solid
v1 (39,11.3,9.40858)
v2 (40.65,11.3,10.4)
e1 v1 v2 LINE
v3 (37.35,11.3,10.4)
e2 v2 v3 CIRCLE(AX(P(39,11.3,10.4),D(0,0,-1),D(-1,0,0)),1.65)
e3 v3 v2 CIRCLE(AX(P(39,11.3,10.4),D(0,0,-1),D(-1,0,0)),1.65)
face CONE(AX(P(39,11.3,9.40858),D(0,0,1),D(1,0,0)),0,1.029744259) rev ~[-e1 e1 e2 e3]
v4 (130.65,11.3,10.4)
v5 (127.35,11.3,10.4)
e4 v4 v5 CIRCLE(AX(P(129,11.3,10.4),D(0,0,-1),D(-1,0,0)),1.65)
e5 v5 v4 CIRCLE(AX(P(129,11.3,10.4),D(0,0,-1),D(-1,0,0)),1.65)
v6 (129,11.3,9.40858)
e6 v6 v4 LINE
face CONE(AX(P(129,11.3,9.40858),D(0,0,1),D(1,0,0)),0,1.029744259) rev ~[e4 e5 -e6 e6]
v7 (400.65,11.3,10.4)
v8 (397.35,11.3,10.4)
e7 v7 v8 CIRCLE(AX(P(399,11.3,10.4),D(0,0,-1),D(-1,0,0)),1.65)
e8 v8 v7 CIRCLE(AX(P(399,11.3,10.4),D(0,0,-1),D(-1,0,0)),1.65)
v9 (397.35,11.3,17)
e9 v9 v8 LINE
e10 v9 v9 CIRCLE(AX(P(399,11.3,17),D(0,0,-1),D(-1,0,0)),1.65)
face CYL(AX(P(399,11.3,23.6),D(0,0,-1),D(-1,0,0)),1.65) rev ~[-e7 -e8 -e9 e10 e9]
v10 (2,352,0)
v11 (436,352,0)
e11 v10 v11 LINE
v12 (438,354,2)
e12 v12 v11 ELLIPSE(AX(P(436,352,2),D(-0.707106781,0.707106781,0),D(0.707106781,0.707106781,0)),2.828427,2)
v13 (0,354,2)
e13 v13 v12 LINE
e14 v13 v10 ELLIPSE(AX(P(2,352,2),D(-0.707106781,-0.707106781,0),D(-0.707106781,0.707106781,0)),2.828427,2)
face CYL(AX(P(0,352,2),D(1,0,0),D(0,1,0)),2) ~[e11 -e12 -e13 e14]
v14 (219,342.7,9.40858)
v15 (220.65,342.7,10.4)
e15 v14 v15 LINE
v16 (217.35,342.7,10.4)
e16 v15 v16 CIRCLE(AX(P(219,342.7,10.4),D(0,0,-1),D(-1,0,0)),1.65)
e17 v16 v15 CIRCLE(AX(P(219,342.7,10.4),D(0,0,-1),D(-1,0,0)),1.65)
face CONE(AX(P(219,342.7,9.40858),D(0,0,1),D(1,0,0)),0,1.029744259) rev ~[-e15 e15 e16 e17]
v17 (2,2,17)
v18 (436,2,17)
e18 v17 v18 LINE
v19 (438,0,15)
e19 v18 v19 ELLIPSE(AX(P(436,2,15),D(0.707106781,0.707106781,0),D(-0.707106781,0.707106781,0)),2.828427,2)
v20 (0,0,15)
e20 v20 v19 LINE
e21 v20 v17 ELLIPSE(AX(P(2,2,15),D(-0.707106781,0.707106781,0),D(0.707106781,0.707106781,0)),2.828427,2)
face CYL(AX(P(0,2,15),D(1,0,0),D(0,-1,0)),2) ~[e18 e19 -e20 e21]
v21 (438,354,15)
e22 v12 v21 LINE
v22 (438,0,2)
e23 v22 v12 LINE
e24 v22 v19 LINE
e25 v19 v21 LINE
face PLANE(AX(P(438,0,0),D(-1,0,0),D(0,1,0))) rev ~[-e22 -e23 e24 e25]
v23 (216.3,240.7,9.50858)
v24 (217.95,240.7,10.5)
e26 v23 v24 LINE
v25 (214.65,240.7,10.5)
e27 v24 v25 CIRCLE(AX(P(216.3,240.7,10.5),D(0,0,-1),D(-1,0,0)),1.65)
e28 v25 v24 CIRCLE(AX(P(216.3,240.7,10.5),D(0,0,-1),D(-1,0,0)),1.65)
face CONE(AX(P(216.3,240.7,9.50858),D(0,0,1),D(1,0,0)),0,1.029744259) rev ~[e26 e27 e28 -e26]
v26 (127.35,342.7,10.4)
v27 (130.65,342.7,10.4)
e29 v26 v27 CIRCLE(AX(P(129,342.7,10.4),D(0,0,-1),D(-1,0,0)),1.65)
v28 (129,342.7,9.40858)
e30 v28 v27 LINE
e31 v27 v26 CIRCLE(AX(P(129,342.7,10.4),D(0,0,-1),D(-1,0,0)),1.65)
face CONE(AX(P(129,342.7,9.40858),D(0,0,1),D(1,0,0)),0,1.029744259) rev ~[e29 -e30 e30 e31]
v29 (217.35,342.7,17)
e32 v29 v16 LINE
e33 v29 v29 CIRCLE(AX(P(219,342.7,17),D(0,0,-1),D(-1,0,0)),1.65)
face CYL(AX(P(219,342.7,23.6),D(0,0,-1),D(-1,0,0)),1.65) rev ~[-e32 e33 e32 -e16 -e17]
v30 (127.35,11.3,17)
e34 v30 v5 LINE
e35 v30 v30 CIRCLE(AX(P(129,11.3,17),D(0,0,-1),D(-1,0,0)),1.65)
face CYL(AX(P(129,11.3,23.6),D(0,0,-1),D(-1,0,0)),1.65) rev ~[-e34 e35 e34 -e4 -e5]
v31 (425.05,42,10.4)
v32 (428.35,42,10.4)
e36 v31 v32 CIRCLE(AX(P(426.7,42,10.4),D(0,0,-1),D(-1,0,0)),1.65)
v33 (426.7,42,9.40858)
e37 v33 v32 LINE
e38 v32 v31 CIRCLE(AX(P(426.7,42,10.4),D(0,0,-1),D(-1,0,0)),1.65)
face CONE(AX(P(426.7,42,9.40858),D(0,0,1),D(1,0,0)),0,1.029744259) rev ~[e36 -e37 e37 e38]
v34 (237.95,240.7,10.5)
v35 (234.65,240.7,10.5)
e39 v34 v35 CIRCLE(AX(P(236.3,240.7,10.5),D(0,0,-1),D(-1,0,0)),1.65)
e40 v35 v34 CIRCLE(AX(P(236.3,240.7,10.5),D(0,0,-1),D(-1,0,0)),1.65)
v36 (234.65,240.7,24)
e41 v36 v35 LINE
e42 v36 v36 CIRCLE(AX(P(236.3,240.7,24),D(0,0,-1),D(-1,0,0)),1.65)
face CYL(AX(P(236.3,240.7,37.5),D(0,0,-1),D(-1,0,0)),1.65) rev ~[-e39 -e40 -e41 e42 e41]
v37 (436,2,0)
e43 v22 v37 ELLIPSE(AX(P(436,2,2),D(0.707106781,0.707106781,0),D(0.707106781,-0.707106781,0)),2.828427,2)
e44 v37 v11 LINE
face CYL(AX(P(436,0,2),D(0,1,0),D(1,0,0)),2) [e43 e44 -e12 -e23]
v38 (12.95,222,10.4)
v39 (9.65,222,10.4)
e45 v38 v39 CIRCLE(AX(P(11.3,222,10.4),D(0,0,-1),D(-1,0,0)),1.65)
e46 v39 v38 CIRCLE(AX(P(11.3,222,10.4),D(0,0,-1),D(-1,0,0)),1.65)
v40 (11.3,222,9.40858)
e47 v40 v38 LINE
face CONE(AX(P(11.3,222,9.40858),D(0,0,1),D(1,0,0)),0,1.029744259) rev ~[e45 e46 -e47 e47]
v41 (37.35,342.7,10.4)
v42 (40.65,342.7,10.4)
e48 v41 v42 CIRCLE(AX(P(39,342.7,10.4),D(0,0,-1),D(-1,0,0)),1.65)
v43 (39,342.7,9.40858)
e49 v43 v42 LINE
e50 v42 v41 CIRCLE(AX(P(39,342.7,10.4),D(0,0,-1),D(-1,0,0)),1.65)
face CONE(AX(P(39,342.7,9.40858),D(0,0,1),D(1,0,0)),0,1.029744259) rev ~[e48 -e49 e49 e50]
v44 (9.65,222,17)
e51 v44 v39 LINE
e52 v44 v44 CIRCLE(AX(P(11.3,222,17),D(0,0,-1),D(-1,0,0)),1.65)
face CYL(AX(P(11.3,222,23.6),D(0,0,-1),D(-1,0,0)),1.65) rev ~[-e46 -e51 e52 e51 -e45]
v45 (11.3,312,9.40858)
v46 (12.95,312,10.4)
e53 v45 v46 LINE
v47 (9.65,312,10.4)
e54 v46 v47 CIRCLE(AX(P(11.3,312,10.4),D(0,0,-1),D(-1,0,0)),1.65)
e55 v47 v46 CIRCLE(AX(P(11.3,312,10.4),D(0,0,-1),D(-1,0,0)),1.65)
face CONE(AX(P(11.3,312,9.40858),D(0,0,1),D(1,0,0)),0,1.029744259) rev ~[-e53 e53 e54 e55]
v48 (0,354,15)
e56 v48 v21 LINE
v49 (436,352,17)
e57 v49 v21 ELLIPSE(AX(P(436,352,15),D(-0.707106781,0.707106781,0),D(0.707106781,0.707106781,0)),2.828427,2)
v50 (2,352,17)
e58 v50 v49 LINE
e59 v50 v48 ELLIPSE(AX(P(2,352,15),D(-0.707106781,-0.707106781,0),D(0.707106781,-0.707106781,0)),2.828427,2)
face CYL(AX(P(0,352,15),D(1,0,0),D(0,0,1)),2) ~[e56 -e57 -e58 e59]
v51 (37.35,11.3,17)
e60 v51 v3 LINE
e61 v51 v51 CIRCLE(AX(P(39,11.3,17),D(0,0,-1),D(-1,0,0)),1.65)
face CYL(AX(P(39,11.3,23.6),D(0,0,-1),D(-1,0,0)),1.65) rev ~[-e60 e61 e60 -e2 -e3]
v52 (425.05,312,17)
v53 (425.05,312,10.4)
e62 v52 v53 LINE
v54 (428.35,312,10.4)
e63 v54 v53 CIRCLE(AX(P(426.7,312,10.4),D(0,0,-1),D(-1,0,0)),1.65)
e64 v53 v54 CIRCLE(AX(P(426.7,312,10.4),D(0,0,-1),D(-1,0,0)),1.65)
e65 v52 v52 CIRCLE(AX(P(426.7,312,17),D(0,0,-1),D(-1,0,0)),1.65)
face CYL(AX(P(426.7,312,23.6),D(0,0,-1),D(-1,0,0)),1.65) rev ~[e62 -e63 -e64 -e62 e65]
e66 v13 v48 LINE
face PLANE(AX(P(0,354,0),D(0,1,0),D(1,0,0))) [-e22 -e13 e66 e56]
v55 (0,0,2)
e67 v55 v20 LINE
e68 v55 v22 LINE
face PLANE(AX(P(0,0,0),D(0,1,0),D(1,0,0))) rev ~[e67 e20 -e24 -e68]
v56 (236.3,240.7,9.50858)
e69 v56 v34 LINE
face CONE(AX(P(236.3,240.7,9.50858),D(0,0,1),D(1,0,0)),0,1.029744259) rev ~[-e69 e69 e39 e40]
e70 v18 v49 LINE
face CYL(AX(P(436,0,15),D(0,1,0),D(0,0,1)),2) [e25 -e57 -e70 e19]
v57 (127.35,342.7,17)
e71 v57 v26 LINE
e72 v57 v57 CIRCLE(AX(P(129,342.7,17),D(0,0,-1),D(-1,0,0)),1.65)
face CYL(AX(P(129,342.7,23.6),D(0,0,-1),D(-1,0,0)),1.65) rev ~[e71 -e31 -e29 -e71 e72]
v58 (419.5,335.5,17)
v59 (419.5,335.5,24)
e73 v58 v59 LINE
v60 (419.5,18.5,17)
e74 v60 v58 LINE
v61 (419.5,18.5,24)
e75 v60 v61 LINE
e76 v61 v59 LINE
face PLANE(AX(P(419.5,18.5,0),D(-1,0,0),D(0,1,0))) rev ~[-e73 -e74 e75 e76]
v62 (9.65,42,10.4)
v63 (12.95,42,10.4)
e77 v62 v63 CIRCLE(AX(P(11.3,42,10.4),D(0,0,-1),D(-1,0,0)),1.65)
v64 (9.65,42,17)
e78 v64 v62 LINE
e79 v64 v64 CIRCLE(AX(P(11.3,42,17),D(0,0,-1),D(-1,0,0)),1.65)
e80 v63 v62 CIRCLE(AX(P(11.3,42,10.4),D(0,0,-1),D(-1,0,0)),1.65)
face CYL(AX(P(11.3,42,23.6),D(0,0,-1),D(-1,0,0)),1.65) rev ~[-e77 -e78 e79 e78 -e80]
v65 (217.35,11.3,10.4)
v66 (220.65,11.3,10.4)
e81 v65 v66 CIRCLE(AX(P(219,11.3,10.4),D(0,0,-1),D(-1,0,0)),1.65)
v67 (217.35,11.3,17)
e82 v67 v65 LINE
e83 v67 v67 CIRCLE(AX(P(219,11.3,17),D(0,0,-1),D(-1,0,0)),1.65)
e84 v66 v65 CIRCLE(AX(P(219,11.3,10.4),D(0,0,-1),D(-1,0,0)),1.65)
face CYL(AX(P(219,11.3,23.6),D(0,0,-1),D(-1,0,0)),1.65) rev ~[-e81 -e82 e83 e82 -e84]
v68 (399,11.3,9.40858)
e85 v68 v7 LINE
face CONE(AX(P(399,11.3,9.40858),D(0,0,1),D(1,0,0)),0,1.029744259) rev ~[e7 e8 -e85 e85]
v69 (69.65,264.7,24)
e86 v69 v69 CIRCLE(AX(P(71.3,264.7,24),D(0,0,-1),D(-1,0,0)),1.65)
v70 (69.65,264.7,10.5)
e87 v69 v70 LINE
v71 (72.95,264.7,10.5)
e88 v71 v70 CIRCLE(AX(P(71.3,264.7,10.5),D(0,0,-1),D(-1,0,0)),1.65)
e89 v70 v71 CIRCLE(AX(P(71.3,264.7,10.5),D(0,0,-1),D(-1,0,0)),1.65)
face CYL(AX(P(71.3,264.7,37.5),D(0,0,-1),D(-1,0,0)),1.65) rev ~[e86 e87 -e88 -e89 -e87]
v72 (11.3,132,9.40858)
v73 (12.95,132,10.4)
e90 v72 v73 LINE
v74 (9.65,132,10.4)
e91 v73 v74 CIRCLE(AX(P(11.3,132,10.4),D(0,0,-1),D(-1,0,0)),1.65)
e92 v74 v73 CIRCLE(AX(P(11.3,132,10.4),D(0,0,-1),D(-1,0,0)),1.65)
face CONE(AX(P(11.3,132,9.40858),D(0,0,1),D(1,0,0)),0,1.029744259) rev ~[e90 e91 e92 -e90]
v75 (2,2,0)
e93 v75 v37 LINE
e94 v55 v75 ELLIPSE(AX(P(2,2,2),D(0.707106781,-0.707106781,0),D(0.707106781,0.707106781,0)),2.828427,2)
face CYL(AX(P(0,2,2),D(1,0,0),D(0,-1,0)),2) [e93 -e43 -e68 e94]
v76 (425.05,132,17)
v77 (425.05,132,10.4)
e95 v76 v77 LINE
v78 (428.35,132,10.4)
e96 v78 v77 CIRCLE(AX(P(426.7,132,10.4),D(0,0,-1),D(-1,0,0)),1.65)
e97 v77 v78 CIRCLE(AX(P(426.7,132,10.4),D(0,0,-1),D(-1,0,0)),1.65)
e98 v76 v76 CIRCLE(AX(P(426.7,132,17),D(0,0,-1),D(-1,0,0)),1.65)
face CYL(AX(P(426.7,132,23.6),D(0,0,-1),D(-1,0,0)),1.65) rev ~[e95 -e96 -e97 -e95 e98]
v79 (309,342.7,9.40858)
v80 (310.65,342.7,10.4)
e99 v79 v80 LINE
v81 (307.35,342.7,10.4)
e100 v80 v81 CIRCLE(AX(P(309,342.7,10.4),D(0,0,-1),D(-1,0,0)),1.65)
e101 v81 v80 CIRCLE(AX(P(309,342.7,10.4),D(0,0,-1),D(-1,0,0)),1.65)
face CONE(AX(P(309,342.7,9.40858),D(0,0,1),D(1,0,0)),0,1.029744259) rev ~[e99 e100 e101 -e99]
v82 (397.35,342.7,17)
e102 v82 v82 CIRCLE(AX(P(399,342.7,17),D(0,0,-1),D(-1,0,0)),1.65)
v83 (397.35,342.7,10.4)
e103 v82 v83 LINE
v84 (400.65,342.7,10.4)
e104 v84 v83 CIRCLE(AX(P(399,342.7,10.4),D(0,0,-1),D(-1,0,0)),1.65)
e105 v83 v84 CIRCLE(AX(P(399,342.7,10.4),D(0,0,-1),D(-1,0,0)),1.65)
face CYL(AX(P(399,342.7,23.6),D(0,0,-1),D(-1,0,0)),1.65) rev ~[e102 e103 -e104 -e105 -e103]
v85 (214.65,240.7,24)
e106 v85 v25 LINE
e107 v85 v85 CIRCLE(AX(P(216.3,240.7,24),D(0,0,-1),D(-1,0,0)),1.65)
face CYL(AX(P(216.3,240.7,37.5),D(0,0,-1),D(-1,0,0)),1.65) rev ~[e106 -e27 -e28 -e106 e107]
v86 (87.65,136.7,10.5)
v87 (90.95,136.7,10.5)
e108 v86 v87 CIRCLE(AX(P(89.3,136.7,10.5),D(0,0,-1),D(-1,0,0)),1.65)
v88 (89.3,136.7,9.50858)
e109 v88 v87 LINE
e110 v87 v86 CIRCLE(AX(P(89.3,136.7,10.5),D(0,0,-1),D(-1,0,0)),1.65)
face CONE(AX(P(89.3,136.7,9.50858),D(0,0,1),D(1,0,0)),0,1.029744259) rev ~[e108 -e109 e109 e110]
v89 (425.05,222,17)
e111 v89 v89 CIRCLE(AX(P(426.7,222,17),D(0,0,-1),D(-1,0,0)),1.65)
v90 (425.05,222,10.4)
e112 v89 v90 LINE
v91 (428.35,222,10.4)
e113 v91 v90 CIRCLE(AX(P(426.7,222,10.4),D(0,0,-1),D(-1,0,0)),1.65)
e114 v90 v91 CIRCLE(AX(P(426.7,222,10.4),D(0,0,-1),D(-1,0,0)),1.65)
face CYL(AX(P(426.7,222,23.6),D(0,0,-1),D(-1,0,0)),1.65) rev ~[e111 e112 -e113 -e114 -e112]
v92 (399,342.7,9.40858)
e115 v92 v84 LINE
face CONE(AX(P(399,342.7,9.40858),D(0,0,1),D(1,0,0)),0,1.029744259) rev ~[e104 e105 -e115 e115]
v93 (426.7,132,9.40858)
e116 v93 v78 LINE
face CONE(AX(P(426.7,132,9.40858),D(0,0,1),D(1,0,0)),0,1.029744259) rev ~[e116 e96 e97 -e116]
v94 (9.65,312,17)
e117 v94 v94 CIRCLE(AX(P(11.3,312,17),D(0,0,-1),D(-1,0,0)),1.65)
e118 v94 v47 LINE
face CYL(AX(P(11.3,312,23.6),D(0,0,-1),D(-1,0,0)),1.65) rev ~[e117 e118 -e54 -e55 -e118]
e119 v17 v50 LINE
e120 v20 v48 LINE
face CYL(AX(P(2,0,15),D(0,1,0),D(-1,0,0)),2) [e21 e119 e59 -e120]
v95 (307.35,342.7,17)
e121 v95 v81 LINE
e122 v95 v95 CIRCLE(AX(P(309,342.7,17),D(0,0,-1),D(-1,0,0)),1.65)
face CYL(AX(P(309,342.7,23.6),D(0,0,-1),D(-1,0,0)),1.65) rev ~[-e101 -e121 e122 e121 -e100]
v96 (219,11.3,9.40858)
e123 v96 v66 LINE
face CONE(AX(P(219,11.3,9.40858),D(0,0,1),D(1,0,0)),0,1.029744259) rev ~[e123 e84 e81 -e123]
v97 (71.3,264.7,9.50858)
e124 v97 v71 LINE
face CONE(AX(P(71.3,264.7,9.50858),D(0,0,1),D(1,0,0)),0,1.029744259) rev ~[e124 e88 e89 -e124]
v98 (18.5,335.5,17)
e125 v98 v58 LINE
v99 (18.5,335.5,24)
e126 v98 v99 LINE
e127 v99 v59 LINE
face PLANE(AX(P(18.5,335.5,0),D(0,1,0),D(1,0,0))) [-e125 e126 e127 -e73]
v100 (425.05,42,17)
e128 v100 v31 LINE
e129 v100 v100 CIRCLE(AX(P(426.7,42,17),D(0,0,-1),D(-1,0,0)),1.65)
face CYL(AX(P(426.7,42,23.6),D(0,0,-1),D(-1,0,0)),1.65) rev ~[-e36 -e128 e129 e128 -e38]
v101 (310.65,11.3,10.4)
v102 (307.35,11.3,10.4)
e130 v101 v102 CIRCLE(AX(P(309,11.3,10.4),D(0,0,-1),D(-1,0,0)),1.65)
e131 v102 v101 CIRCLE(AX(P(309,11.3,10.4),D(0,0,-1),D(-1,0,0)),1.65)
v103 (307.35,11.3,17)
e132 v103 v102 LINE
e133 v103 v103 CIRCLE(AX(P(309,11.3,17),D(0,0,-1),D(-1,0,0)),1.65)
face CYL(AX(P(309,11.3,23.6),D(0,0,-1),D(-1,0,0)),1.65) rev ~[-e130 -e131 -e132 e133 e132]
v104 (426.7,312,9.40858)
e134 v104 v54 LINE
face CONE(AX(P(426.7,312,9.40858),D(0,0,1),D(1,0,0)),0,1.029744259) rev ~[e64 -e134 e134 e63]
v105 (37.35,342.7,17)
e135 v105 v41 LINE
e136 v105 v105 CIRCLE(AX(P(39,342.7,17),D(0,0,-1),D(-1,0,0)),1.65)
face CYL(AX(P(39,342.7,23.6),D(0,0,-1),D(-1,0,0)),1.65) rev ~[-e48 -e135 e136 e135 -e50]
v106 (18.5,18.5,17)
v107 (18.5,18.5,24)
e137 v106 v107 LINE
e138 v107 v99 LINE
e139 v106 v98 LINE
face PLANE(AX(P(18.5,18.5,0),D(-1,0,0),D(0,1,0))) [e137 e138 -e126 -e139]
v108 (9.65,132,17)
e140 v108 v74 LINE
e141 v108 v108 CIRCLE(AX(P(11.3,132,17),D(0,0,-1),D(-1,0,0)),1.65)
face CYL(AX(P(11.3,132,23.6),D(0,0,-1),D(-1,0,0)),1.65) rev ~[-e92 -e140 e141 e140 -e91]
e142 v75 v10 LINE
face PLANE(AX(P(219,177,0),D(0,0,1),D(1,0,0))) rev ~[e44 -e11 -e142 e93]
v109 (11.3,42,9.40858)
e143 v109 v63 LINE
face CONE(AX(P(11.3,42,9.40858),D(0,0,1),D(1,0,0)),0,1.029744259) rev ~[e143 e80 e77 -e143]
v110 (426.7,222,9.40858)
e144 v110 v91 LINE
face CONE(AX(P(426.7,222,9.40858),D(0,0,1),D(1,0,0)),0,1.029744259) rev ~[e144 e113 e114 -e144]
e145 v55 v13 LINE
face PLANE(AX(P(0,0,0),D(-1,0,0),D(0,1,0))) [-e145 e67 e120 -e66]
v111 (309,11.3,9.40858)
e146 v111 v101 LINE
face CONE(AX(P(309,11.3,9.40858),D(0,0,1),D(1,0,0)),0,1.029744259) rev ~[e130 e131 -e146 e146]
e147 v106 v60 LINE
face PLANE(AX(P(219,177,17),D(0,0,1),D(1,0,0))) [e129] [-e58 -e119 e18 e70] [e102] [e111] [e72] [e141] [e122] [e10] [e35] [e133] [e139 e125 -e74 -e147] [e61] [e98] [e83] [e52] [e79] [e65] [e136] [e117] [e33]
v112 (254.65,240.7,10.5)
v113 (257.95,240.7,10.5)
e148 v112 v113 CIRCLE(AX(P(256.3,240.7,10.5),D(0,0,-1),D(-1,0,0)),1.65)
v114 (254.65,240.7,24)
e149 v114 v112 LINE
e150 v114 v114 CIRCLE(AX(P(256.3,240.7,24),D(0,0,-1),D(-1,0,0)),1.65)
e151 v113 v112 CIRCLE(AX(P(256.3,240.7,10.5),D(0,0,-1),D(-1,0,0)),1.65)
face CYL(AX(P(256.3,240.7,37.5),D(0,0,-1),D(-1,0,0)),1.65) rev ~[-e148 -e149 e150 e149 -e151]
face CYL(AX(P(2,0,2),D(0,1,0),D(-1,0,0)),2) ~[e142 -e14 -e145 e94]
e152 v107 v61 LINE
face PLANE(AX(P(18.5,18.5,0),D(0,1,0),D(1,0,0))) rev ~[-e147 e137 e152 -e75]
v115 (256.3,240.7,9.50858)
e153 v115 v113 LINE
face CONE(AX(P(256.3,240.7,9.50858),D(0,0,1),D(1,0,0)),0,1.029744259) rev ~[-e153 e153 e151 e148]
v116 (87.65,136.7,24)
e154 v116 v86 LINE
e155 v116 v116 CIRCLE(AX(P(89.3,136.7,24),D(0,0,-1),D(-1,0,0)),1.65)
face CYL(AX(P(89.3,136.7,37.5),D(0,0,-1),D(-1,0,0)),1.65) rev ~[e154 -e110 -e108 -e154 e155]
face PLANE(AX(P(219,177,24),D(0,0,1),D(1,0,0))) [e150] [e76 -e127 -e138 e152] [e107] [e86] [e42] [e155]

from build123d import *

# Parameters (mm, degrees)
F0_W     = 438
F0_H     = 354
F0_W_2   = 401
F0_H_2   = 317
F1_DEPTH = 17
F2_DEPTH = 24
F3_R     = 2
F4_R     = 2
F6_D     = 3.3
F6_DEPTH = 6.6
F6_TIP   = 0.9914200214
F8_D     = 3.3
F8_DEPTH = 13.5
F8_TIP   = 0.9914200214
F9_D     = 3.3
F9_DEPTH = 13.5
F9_TIP   = 0.9914200214


with BuildPart() as f1:
    # F0 (on Top) → F1 (new body)
    with BuildSketch(Plane.XY):
        with Locations((219, 177)):
            Rectangle(F0_W, F0_H)
        with Locations((219, 177)):
            Rectangle(F0_W_2, F0_H_2, mode=Mode.SUBTRACT)
    extrude(amount=F1_DEPTH)

    # F0 (on Top) → F2 (join)
    with BuildSketch(Plane.XY):
        with Locations((219, 177)):
            Rectangle(F0_W_2, F0_H_2)
    extrude(amount=F2_DEPTH)

    # F3
    f3_edges = [f1.edges().sort_by_distance(p)[0] for p in [
        (0, 177, 0),
        (219, 0, 0),
        (438, 177, 0),
        (219, 354, 0),
    ]]
    fillet(f3_edges, radius=F3_R)

    # F4
    f4_edges = [f1.edges().sort_by_distance(p)[0] for p in [
        (438, 177, 17),
        (219, 0, 17),
        (219, 354, 17),
        (0, 177, 17),
    ]]
    fillet(f4_edges, radius=F4_R)

    # F6
    with Locations(Plane.XY.offset(17)):
        with Locations((11.3, 312), (11.3, 222), (11.3, 132), (11.3, 42), (39, 11.3), (129, 11.3), (219, 11.3), (309, 11.3), (399, 11.3), (426.7, 42), (426.7, 132), (426.7, 222), (426.7, 312), (399, 342.7), (309, 342.7), (219, 342.7), (129, 342.7), (39, 342.7)):
            Hole(F6_D / 2, depth=F6_DEPTH)
            with Locations((0, 0, -(F6_DEPTH + F6_TIP / 2))):  # 118° drill point
                Cone(0, F6_D / 2, F6_TIP, mode=Mode.SUBTRACT)

    # F8
    with Locations(Plane.XY.offset(24)):
        with Locations((216.3, 240.7), (236.3, 240.7), (256.3, 240.7)):
            Hole(F8_D / 2, depth=F8_DEPTH)
            with Locations((0, 0, -(F8_DEPTH + F8_TIP / 2))):  # 118° drill point
                Cone(0, F8_D / 2, F8_TIP, mode=Mode.SUBTRACT)

    # F9
    with Locations(Plane.XY.offset(24)):
        with Locations((71.3, 264.7), (89.3, 136.7)):
            Hole(F9_D / 2, depth=F9_DEPTH)
            with Locations((0, 0, -(F9_DEPTH + F9_TIP / 2))):  # 118° drill point
                Cone(0, F9_D / 2, F9_TIP, mode=Mode.SUBTRACT)


solid = f1.part
